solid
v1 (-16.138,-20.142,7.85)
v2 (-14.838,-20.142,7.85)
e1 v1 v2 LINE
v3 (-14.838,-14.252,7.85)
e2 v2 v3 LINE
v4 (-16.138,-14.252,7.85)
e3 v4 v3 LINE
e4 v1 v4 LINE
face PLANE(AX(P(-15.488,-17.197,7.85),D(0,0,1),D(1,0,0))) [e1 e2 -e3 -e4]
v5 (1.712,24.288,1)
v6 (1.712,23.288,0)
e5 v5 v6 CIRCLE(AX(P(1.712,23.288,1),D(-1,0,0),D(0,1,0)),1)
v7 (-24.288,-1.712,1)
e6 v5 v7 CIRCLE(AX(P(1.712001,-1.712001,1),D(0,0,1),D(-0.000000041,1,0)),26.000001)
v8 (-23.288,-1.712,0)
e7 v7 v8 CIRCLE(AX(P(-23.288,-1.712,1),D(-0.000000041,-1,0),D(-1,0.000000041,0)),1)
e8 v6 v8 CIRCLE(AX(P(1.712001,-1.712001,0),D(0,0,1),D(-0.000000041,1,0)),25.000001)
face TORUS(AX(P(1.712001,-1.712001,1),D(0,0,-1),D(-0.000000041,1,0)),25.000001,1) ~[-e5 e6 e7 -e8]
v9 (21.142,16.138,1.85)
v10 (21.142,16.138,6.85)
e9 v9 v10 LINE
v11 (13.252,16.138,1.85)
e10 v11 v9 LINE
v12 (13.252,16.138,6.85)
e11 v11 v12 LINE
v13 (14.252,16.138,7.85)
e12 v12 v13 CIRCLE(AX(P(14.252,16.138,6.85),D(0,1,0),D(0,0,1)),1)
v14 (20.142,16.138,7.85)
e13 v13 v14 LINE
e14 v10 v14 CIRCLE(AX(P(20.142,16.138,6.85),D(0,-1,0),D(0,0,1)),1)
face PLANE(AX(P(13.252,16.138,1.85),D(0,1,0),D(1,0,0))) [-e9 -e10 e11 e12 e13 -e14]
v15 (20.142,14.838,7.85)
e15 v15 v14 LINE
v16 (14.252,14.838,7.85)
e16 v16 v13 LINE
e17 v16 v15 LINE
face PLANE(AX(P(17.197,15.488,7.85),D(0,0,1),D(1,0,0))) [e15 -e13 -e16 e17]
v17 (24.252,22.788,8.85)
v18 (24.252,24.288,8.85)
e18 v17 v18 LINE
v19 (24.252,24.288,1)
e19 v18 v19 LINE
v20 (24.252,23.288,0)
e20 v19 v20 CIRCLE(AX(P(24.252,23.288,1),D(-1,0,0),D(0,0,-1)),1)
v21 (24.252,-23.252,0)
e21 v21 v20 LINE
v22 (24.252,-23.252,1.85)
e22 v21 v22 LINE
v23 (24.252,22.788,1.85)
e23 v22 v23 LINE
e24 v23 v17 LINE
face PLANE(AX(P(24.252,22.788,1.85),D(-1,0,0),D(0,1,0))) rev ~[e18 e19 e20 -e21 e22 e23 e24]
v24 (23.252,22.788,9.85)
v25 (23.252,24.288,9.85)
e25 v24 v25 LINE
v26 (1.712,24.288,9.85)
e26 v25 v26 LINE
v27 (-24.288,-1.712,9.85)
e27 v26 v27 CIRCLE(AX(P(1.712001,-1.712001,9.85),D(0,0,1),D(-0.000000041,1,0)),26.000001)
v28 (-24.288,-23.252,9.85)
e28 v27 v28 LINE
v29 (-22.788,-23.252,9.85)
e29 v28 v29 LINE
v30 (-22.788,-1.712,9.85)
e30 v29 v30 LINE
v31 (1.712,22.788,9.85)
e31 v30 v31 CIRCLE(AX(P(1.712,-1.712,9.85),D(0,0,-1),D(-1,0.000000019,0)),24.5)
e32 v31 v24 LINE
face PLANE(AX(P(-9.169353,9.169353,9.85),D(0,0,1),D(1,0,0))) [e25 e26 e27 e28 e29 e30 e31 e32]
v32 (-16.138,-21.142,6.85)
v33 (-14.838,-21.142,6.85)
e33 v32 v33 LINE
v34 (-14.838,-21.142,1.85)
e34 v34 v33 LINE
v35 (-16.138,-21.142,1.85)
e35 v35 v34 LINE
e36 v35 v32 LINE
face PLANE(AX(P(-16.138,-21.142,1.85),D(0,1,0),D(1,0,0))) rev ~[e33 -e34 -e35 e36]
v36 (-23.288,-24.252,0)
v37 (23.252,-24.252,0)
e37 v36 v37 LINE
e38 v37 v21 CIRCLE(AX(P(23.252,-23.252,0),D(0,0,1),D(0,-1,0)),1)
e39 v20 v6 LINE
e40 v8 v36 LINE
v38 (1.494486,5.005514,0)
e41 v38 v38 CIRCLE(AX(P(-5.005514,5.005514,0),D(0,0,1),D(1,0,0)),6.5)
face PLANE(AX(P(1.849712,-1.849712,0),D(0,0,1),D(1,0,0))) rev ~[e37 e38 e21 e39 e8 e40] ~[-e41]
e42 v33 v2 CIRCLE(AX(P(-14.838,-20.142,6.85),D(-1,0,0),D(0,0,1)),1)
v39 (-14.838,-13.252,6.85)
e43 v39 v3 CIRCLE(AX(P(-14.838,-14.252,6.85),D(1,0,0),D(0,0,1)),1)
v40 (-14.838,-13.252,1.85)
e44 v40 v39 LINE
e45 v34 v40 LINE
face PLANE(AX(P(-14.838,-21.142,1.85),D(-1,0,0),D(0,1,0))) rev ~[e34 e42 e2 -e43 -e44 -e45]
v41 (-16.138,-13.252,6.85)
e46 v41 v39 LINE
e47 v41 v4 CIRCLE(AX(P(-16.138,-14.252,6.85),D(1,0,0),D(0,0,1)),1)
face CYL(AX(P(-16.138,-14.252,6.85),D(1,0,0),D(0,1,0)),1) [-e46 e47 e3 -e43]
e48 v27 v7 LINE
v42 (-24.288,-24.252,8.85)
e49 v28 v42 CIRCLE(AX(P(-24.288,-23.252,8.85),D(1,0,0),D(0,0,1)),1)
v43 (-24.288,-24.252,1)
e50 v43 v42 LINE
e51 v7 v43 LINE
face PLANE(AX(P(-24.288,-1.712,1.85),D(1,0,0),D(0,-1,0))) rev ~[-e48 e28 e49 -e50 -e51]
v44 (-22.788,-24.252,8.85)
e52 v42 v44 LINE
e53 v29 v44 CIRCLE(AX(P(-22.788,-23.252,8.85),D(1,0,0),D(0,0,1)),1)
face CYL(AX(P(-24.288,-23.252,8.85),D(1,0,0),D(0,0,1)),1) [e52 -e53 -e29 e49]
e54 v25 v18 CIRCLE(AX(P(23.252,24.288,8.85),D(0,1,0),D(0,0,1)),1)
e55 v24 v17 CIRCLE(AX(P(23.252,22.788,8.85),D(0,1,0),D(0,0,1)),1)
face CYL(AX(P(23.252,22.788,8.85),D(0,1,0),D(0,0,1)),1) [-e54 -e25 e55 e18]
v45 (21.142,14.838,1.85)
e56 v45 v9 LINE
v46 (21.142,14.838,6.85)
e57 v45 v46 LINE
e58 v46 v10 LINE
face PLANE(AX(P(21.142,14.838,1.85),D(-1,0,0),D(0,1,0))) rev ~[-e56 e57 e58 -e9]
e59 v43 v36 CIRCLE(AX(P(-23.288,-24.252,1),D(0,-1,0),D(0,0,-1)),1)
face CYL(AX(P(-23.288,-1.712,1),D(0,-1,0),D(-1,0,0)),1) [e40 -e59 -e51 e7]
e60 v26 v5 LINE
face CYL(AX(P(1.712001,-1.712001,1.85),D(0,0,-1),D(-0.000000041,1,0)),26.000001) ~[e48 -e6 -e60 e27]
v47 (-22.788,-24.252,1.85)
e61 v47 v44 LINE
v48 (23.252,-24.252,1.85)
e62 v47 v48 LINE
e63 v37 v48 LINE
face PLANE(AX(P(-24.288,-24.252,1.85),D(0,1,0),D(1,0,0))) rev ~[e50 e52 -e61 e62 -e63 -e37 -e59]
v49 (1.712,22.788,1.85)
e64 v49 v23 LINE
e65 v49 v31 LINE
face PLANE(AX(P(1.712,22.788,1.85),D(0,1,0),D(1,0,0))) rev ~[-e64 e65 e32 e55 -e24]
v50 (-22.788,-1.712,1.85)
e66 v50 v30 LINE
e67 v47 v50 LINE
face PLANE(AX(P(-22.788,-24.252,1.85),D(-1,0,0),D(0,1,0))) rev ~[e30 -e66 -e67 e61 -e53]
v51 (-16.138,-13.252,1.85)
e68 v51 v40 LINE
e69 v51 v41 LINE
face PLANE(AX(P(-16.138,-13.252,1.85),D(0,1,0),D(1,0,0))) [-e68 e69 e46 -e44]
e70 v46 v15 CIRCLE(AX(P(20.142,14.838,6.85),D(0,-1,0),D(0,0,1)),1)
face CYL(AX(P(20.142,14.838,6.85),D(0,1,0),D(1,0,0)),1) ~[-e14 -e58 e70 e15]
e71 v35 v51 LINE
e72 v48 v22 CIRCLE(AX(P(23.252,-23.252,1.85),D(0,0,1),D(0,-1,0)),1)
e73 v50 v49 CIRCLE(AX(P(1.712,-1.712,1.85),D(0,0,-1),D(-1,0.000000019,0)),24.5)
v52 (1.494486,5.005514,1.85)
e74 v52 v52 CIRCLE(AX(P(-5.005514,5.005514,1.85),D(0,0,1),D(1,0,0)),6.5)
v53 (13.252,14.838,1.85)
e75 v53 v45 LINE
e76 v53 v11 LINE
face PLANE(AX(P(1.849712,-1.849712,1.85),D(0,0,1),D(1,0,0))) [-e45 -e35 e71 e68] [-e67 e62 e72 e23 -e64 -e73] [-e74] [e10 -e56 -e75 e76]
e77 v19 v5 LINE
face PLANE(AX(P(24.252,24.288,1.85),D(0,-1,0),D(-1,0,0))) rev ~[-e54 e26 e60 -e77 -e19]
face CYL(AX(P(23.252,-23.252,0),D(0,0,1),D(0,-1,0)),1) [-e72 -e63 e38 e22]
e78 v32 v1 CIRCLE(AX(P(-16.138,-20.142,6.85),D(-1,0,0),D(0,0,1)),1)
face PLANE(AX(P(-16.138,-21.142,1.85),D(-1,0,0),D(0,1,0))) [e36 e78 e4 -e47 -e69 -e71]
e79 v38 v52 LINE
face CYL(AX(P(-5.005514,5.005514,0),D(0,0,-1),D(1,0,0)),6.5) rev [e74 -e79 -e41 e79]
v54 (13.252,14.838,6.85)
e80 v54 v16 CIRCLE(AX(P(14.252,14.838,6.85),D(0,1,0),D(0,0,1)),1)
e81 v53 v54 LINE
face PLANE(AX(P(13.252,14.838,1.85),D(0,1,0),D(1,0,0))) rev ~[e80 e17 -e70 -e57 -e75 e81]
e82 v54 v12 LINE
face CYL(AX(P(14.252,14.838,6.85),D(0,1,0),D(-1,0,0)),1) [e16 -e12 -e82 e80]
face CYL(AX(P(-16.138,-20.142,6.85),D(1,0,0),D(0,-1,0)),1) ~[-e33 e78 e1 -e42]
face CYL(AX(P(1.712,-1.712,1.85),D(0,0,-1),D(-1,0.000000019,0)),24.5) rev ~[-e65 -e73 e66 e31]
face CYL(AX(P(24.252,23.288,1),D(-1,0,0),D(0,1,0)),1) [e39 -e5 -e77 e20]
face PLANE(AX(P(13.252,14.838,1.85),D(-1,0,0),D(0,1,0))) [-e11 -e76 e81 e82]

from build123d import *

# Parameters (mm, degrees)
F0_R     = 6.5
F1_DEPTH = 1.85
F3_DEPTH = 8
F4_W     = 1.3
F4_H     = 7.89
F4_W_2   = 7.89
F4_H_2   = 1.3
F5_DEPTH = 6
F6_R     = 1


with BuildPart() as f1:
    # F0 (on Top) → F1 (new body)
    with BuildSketch(Plane.XY):
        with BuildLine():
            Line((-24.288, -24.252), (24.252, -24.252))
            Line((24.252, -24.252), (24.252, 24.288))
            Line((24.252, 24.288), (1.712, 24.288))
            ThreePointArc((1.712, 24.288), (-16.672776, 16.672776), (-24.288, -1.712))
            Line((-24.288, -1.712), (-24.288, -24.252))
        make_face()
        with Locations((-5.005514, 5.005514)):
            Circle(F0_R, mode=Mode.SUBTRACT)
    extrude(amount=F1_DEPTH)

    # F2 (on face) → F3 (join)
    with BuildSketch(Plane.XY.offset(1.85)):
        with BuildLine():
            Line((-24.288, -1.712), (-24.288, -24.252))
            Line((-24.288, -24.252), (-22.788, -24.252))
            Line((-22.788, -24.252), (-22.788, -1.712))
            ThreePointArc((-22.788, -1.712), (-15.612116, 15.612116), (1.712, 22.788))
            Line((1.712, 22.788), (24.252, 22.788))
            Line((24.252, 22.788), (24.252, 24.288))
            Line((24.252, 24.288), (1.712, 24.288))
            ThreePointArc((1.712, 24.288), (-16.672776, 16.672776), (-24.288, -1.712))
        make_face()
    extrude(amount=F3_DEPTH)

    # F4 (on face) → F5 (join)
    with BuildSketch(Plane.XY.offset(1.85)):
        with Locations((-15.488, -17.197)):
            Rectangle(F4_W, F4_H)
        with Locations((17.197, 15.488)):
            Rectangle(F4_W_2, F4_H_2)
    extrude(amount=F5_DEPTH)

    # F6
    f6_edges = [f1.edges().sort_by_distance(p)[0] for p in [
        (-23.538, -24.252, 9.85),
        (24.252, 23.538, 9.85),
        (-24.288, -12.982, 0),
        (-15.488, -21.142, 7.85),
        (-15.488, -13.252, 7.85),
        (13.252, 15.488, 7.85),
        (21.142, 15.488, 7.85),
        (24.252, -24.252, 0.925),
    ]]
    fillet(f6_edges, radius=F6_R)


solid = f1.part
